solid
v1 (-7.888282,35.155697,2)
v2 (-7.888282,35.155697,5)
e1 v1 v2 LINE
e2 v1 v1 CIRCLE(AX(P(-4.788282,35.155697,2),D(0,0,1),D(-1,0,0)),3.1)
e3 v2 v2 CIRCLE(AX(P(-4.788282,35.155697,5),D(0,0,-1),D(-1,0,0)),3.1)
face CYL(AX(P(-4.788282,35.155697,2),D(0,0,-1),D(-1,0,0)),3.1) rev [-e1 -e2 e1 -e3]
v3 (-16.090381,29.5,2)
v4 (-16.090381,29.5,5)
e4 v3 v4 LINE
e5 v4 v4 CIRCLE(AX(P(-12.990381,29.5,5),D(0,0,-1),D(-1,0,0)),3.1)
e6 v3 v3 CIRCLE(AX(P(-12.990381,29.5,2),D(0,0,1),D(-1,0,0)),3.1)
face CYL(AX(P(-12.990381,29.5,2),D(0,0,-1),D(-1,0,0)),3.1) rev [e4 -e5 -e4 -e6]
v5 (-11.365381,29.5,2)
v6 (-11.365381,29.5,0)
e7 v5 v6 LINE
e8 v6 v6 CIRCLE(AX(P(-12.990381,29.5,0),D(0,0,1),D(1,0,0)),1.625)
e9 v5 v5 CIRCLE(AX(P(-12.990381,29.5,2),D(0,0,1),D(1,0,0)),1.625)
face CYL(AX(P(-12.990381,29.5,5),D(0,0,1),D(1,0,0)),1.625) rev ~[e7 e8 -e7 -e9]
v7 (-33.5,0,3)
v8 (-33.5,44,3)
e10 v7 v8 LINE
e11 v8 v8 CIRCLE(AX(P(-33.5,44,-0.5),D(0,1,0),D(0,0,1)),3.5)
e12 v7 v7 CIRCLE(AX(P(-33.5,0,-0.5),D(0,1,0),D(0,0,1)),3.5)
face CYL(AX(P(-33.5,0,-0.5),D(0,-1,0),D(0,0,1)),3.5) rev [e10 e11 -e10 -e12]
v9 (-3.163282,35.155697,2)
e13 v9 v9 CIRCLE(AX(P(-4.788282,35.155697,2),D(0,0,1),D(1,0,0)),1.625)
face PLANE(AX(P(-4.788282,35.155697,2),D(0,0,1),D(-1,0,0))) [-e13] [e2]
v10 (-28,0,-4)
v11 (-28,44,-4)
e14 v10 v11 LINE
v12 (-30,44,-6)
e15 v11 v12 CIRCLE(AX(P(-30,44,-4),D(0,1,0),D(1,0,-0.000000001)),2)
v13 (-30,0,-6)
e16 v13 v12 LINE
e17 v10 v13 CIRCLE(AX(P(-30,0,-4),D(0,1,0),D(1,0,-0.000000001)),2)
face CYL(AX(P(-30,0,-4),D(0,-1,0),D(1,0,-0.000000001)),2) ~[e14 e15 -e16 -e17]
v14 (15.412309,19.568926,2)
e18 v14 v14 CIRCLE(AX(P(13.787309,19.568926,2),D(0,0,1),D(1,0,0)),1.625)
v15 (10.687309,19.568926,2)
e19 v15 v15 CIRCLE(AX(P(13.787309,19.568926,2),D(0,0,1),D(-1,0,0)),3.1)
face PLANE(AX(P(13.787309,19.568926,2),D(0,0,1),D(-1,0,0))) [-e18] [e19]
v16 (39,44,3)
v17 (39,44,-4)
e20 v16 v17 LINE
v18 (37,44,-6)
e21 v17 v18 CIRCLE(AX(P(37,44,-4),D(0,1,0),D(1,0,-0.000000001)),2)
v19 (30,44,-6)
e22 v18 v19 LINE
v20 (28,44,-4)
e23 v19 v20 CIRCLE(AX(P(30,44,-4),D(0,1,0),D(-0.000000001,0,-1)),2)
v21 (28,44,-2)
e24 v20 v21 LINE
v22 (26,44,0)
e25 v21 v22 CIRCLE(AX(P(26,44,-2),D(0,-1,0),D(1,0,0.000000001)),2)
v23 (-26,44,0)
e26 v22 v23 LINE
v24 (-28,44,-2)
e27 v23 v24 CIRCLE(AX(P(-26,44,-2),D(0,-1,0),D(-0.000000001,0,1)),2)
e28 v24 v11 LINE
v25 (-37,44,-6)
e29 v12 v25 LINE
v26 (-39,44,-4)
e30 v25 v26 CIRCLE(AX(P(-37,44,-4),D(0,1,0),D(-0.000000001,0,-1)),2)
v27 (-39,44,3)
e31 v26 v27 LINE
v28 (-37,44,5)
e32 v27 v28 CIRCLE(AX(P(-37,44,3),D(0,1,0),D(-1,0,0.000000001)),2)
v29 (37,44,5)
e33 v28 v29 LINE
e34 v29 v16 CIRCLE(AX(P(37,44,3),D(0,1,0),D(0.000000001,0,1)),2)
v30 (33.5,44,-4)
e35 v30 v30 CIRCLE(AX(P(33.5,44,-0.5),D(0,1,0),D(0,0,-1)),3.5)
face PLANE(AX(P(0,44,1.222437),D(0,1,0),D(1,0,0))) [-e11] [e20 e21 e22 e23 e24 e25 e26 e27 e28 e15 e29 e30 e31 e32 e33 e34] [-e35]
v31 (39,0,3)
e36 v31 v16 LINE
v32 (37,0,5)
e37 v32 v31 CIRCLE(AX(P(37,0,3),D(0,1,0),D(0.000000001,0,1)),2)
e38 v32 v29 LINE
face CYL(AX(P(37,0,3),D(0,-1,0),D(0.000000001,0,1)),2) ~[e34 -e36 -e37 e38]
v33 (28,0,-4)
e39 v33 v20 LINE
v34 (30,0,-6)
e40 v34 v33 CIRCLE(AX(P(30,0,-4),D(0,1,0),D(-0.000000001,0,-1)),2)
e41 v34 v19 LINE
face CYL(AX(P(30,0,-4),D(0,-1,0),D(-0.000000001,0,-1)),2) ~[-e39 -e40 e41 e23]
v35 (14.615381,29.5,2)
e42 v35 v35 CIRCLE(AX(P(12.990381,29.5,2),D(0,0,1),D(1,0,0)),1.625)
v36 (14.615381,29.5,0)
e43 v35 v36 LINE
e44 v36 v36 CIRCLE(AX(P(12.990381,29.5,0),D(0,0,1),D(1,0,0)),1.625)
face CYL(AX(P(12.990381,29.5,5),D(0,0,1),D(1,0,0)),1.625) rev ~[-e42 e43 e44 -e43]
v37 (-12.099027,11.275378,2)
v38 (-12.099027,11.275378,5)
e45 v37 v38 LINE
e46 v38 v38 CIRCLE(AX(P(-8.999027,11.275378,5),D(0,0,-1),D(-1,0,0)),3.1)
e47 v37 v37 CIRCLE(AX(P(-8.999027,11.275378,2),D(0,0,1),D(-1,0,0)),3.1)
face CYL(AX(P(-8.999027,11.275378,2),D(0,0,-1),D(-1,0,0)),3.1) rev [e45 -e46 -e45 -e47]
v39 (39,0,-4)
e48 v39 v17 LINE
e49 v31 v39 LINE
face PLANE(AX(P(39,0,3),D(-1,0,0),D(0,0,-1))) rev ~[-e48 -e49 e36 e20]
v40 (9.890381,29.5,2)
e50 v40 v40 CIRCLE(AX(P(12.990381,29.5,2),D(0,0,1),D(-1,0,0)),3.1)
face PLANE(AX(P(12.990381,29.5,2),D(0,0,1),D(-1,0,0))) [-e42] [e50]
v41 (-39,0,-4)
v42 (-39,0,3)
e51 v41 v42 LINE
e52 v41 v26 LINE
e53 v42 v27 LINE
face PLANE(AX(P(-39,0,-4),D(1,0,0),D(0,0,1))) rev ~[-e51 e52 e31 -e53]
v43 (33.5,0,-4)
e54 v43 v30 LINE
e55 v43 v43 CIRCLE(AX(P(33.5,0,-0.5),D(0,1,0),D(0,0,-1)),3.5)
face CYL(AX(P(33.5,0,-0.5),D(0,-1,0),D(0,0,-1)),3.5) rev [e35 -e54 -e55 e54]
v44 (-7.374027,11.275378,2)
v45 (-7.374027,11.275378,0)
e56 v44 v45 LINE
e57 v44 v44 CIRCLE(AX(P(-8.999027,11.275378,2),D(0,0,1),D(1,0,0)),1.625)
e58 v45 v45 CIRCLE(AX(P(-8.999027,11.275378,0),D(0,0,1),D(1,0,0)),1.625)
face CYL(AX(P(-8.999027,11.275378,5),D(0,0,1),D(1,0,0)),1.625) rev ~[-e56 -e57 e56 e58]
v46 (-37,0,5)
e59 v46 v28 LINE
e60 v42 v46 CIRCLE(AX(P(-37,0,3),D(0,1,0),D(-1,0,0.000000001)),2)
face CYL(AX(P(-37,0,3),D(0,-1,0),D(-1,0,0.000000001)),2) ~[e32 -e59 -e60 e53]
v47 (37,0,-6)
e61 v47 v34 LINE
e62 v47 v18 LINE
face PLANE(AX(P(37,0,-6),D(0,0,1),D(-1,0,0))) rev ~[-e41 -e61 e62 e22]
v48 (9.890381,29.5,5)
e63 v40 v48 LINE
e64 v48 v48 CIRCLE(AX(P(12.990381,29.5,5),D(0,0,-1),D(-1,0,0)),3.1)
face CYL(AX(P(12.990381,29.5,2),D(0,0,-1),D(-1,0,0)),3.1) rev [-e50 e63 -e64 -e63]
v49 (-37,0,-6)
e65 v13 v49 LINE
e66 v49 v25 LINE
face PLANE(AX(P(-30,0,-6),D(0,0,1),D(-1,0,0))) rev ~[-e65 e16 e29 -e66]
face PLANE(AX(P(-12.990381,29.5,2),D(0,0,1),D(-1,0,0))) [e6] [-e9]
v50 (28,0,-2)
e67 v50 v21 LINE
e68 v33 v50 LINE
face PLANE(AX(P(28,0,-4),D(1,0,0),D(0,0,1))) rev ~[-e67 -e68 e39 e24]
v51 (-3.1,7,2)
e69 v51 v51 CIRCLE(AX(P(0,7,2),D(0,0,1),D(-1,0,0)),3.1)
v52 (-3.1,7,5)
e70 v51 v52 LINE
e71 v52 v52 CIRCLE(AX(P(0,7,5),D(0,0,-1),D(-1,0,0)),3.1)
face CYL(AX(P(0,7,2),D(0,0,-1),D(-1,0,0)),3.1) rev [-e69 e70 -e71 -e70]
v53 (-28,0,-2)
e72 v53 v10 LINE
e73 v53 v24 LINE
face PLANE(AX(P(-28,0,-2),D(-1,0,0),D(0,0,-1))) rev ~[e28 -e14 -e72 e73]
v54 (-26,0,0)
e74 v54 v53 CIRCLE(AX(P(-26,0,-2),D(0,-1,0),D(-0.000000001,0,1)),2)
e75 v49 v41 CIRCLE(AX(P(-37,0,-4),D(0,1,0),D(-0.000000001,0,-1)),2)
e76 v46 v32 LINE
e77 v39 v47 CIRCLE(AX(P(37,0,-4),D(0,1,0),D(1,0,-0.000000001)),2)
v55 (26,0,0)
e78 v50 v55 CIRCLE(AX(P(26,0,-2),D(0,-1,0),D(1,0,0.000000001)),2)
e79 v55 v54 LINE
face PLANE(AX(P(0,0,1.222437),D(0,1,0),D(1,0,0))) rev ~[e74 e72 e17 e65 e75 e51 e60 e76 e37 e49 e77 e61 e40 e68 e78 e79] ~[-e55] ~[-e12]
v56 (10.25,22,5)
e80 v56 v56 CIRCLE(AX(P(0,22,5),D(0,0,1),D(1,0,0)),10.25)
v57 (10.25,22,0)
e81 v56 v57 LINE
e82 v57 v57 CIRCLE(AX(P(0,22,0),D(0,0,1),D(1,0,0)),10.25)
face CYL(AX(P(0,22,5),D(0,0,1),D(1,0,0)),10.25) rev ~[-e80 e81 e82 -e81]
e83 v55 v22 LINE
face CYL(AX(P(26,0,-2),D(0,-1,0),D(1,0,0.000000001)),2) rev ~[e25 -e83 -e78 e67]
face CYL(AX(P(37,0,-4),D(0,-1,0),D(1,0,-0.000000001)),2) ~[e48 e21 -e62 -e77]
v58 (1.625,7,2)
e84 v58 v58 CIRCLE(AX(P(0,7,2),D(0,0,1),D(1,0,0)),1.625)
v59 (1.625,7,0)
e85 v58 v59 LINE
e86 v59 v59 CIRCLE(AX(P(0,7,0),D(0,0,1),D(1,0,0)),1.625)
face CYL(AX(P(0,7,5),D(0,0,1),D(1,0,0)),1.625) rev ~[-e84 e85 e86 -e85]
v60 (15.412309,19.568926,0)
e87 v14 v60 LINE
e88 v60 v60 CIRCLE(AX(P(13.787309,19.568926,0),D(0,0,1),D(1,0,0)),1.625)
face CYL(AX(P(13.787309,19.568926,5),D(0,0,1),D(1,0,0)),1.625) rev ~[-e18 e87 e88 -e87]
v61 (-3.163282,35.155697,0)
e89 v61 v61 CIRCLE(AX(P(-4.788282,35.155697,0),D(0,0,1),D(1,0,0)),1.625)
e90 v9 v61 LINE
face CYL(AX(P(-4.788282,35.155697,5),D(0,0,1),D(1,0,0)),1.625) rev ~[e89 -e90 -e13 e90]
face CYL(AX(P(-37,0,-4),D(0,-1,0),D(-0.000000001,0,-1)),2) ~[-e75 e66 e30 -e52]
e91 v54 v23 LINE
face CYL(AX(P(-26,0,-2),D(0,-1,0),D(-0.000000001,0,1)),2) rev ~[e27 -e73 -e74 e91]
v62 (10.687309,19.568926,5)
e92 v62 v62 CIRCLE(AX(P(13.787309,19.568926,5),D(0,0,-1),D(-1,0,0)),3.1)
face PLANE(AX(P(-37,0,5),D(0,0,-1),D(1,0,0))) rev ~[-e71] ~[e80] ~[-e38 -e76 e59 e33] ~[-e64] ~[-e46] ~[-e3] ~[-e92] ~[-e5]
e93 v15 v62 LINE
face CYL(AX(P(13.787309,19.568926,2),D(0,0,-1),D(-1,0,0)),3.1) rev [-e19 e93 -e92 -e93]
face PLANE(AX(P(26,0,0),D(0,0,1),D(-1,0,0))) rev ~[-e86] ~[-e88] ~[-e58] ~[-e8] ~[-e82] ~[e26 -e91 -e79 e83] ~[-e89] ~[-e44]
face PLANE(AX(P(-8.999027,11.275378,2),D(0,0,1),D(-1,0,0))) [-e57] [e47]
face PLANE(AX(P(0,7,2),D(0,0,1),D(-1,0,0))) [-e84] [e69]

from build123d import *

# Parameters (mm, degrees)
ESQUISSE3_R                  = 3.5
BOSS_EXTRU_1_DEPTH           = 44
ESQUISSE4_R                  = 10.25
ESQUISSE4_R_2                = 1.625
ENL_V_MAT_EXTRU_1_DEPTH      = 60
ENL_V_MAT_EXTRU_2_DEPTH      = 60.816385715
ENL_V_MAT_EXTRU_2_DEPTH_BACK = 3
ESQUISSE6_R                  = 3.1


with BuildPart() as part:
    # Esquisse3 → Boss.-Extru.1 (new body)
    with BuildSketch(Plane(origin=(0, 0, 0), x_dir=(1, 0, 0), z_dir=(0, 1, 0))):
        with BuildLine():
            Line((26, 0), (-26, 0))
            ThreePointArc((-26, 0), (-27.414213562, 0.585786438), (-28, 2))
            Line((-28, 2), (-28, 4))
            ThreePointArc((-28, 4), (-28.585786438, 5.414213562), (-30, 6))
            Line((-30, 6), (-37, 6))
            ThreePointArc((-37, 6), (-38.414213562, 5.414213562), (-39, 4))
            Line((-39, 4), (-39, -3))
            ThreePointArc((-39, -3), (-38.414213562, -4.414213562), (-37, -5))
            Line((-37, -5), (37, -5))
            ThreePointArc((37, -5), (38.414213562, -4.414213562), (39, -3))
            Line((39, -3), (39, 4))
            ThreePointArc((39, 4), (38.414213562, 5.414213562), (37, 6))
            Line((37, 6), (30, 6))
            ThreePointArc((30, 6), (28.585786438, 5.414213562), (28, 4))
            Line((28, 4), (28, 2))
            ThreePointArc((28, 2), (27.414213562, 0.585786438), (26, 0))
        make_face()
        with Locations(Location((-33.5, 0.5, 0), (0, 0, 270))):
            Circle(ESQUISSE3_R, mode=Mode.SUBTRACT)
        with Locations(Location((33.5, 0.5, 0), (0, 0, 90))):
            Circle(ESQUISSE3_R, mode=Mode.SUBTRACT)
    extrude(amount=BOSS_EXTRU_1_DEPTH)

    # Esquisse4 → Enlèv. mat.-Extru.1 (cut)
    with BuildSketch(Plane.XY.offset(5)):
        with Locations((0, 22)):
            Circle(ESQUISSE4_R)
        with Locations((0, 7)):
            Circle(ESQUISSE4_R_2)
        with Locations((-8.999026536, 11.275377796)):
            Circle(ESQUISSE4_R_2)
        with Locations((13.787308542, 19.568925513)):
            Circle(ESQUISSE4_R_2)
        with Locations((12.990381057, 29.5)):
            Circle(ESQUISSE4_R_2)
        with Locations((-4.788282007, 35.155696691)):
            Circle(ESQUISSE4_R_2)
        with Locations((-12.990381057, 29.5)):
            Circle(ESQUISSE4_R_2)
    extrude(amount=-ENL_V_MAT_EXTRU_1_DEPTH, mode=Mode.SUBTRACT)

    # Esquisse6 → Enlèv. mat.-Extru.2 (cut, two sides: drawn at the far end of the back side and taken through both)
    with BuildSketch(Plane.XY.offset(5).offset(-ENL_V_MAT_EXTRU_2_DEPTH_BACK)):
        with Locations(Location((0, 7, 0), (0, 0, 180))):
            Circle(ESQUISSE6_R)
        with Locations(Location((-8.999026536, 11.275377796, 0), (0, 0, 180))):
            Circle(ESQUISSE6_R)
        with Locations(Location((-4.788282007, 35.155696691, 0), (0, 0, 180))):
            Circle(ESQUISSE6_R)
        with Locations(Location((-12.990381057, 29.5, 0), (0, 0, 180))):
            Circle(ESQUISSE6_R)
        with Locations(Location((13.787308542, 19.568925513, 0), (0, 0, 180))):
            Circle(ESQUISSE6_R)
        with Locations(Location((12.990381057, 29.5, 0), (0, 0, 180))):
            Circle(ESQUISSE6_R)
    extrude(amount=ENL_V_MAT_EXTRU_2_DEPTH + ENL_V_MAT_EXTRU_2_DEPTH_BACK, mode=Mode.SUBTRACT)


solid = part.part
